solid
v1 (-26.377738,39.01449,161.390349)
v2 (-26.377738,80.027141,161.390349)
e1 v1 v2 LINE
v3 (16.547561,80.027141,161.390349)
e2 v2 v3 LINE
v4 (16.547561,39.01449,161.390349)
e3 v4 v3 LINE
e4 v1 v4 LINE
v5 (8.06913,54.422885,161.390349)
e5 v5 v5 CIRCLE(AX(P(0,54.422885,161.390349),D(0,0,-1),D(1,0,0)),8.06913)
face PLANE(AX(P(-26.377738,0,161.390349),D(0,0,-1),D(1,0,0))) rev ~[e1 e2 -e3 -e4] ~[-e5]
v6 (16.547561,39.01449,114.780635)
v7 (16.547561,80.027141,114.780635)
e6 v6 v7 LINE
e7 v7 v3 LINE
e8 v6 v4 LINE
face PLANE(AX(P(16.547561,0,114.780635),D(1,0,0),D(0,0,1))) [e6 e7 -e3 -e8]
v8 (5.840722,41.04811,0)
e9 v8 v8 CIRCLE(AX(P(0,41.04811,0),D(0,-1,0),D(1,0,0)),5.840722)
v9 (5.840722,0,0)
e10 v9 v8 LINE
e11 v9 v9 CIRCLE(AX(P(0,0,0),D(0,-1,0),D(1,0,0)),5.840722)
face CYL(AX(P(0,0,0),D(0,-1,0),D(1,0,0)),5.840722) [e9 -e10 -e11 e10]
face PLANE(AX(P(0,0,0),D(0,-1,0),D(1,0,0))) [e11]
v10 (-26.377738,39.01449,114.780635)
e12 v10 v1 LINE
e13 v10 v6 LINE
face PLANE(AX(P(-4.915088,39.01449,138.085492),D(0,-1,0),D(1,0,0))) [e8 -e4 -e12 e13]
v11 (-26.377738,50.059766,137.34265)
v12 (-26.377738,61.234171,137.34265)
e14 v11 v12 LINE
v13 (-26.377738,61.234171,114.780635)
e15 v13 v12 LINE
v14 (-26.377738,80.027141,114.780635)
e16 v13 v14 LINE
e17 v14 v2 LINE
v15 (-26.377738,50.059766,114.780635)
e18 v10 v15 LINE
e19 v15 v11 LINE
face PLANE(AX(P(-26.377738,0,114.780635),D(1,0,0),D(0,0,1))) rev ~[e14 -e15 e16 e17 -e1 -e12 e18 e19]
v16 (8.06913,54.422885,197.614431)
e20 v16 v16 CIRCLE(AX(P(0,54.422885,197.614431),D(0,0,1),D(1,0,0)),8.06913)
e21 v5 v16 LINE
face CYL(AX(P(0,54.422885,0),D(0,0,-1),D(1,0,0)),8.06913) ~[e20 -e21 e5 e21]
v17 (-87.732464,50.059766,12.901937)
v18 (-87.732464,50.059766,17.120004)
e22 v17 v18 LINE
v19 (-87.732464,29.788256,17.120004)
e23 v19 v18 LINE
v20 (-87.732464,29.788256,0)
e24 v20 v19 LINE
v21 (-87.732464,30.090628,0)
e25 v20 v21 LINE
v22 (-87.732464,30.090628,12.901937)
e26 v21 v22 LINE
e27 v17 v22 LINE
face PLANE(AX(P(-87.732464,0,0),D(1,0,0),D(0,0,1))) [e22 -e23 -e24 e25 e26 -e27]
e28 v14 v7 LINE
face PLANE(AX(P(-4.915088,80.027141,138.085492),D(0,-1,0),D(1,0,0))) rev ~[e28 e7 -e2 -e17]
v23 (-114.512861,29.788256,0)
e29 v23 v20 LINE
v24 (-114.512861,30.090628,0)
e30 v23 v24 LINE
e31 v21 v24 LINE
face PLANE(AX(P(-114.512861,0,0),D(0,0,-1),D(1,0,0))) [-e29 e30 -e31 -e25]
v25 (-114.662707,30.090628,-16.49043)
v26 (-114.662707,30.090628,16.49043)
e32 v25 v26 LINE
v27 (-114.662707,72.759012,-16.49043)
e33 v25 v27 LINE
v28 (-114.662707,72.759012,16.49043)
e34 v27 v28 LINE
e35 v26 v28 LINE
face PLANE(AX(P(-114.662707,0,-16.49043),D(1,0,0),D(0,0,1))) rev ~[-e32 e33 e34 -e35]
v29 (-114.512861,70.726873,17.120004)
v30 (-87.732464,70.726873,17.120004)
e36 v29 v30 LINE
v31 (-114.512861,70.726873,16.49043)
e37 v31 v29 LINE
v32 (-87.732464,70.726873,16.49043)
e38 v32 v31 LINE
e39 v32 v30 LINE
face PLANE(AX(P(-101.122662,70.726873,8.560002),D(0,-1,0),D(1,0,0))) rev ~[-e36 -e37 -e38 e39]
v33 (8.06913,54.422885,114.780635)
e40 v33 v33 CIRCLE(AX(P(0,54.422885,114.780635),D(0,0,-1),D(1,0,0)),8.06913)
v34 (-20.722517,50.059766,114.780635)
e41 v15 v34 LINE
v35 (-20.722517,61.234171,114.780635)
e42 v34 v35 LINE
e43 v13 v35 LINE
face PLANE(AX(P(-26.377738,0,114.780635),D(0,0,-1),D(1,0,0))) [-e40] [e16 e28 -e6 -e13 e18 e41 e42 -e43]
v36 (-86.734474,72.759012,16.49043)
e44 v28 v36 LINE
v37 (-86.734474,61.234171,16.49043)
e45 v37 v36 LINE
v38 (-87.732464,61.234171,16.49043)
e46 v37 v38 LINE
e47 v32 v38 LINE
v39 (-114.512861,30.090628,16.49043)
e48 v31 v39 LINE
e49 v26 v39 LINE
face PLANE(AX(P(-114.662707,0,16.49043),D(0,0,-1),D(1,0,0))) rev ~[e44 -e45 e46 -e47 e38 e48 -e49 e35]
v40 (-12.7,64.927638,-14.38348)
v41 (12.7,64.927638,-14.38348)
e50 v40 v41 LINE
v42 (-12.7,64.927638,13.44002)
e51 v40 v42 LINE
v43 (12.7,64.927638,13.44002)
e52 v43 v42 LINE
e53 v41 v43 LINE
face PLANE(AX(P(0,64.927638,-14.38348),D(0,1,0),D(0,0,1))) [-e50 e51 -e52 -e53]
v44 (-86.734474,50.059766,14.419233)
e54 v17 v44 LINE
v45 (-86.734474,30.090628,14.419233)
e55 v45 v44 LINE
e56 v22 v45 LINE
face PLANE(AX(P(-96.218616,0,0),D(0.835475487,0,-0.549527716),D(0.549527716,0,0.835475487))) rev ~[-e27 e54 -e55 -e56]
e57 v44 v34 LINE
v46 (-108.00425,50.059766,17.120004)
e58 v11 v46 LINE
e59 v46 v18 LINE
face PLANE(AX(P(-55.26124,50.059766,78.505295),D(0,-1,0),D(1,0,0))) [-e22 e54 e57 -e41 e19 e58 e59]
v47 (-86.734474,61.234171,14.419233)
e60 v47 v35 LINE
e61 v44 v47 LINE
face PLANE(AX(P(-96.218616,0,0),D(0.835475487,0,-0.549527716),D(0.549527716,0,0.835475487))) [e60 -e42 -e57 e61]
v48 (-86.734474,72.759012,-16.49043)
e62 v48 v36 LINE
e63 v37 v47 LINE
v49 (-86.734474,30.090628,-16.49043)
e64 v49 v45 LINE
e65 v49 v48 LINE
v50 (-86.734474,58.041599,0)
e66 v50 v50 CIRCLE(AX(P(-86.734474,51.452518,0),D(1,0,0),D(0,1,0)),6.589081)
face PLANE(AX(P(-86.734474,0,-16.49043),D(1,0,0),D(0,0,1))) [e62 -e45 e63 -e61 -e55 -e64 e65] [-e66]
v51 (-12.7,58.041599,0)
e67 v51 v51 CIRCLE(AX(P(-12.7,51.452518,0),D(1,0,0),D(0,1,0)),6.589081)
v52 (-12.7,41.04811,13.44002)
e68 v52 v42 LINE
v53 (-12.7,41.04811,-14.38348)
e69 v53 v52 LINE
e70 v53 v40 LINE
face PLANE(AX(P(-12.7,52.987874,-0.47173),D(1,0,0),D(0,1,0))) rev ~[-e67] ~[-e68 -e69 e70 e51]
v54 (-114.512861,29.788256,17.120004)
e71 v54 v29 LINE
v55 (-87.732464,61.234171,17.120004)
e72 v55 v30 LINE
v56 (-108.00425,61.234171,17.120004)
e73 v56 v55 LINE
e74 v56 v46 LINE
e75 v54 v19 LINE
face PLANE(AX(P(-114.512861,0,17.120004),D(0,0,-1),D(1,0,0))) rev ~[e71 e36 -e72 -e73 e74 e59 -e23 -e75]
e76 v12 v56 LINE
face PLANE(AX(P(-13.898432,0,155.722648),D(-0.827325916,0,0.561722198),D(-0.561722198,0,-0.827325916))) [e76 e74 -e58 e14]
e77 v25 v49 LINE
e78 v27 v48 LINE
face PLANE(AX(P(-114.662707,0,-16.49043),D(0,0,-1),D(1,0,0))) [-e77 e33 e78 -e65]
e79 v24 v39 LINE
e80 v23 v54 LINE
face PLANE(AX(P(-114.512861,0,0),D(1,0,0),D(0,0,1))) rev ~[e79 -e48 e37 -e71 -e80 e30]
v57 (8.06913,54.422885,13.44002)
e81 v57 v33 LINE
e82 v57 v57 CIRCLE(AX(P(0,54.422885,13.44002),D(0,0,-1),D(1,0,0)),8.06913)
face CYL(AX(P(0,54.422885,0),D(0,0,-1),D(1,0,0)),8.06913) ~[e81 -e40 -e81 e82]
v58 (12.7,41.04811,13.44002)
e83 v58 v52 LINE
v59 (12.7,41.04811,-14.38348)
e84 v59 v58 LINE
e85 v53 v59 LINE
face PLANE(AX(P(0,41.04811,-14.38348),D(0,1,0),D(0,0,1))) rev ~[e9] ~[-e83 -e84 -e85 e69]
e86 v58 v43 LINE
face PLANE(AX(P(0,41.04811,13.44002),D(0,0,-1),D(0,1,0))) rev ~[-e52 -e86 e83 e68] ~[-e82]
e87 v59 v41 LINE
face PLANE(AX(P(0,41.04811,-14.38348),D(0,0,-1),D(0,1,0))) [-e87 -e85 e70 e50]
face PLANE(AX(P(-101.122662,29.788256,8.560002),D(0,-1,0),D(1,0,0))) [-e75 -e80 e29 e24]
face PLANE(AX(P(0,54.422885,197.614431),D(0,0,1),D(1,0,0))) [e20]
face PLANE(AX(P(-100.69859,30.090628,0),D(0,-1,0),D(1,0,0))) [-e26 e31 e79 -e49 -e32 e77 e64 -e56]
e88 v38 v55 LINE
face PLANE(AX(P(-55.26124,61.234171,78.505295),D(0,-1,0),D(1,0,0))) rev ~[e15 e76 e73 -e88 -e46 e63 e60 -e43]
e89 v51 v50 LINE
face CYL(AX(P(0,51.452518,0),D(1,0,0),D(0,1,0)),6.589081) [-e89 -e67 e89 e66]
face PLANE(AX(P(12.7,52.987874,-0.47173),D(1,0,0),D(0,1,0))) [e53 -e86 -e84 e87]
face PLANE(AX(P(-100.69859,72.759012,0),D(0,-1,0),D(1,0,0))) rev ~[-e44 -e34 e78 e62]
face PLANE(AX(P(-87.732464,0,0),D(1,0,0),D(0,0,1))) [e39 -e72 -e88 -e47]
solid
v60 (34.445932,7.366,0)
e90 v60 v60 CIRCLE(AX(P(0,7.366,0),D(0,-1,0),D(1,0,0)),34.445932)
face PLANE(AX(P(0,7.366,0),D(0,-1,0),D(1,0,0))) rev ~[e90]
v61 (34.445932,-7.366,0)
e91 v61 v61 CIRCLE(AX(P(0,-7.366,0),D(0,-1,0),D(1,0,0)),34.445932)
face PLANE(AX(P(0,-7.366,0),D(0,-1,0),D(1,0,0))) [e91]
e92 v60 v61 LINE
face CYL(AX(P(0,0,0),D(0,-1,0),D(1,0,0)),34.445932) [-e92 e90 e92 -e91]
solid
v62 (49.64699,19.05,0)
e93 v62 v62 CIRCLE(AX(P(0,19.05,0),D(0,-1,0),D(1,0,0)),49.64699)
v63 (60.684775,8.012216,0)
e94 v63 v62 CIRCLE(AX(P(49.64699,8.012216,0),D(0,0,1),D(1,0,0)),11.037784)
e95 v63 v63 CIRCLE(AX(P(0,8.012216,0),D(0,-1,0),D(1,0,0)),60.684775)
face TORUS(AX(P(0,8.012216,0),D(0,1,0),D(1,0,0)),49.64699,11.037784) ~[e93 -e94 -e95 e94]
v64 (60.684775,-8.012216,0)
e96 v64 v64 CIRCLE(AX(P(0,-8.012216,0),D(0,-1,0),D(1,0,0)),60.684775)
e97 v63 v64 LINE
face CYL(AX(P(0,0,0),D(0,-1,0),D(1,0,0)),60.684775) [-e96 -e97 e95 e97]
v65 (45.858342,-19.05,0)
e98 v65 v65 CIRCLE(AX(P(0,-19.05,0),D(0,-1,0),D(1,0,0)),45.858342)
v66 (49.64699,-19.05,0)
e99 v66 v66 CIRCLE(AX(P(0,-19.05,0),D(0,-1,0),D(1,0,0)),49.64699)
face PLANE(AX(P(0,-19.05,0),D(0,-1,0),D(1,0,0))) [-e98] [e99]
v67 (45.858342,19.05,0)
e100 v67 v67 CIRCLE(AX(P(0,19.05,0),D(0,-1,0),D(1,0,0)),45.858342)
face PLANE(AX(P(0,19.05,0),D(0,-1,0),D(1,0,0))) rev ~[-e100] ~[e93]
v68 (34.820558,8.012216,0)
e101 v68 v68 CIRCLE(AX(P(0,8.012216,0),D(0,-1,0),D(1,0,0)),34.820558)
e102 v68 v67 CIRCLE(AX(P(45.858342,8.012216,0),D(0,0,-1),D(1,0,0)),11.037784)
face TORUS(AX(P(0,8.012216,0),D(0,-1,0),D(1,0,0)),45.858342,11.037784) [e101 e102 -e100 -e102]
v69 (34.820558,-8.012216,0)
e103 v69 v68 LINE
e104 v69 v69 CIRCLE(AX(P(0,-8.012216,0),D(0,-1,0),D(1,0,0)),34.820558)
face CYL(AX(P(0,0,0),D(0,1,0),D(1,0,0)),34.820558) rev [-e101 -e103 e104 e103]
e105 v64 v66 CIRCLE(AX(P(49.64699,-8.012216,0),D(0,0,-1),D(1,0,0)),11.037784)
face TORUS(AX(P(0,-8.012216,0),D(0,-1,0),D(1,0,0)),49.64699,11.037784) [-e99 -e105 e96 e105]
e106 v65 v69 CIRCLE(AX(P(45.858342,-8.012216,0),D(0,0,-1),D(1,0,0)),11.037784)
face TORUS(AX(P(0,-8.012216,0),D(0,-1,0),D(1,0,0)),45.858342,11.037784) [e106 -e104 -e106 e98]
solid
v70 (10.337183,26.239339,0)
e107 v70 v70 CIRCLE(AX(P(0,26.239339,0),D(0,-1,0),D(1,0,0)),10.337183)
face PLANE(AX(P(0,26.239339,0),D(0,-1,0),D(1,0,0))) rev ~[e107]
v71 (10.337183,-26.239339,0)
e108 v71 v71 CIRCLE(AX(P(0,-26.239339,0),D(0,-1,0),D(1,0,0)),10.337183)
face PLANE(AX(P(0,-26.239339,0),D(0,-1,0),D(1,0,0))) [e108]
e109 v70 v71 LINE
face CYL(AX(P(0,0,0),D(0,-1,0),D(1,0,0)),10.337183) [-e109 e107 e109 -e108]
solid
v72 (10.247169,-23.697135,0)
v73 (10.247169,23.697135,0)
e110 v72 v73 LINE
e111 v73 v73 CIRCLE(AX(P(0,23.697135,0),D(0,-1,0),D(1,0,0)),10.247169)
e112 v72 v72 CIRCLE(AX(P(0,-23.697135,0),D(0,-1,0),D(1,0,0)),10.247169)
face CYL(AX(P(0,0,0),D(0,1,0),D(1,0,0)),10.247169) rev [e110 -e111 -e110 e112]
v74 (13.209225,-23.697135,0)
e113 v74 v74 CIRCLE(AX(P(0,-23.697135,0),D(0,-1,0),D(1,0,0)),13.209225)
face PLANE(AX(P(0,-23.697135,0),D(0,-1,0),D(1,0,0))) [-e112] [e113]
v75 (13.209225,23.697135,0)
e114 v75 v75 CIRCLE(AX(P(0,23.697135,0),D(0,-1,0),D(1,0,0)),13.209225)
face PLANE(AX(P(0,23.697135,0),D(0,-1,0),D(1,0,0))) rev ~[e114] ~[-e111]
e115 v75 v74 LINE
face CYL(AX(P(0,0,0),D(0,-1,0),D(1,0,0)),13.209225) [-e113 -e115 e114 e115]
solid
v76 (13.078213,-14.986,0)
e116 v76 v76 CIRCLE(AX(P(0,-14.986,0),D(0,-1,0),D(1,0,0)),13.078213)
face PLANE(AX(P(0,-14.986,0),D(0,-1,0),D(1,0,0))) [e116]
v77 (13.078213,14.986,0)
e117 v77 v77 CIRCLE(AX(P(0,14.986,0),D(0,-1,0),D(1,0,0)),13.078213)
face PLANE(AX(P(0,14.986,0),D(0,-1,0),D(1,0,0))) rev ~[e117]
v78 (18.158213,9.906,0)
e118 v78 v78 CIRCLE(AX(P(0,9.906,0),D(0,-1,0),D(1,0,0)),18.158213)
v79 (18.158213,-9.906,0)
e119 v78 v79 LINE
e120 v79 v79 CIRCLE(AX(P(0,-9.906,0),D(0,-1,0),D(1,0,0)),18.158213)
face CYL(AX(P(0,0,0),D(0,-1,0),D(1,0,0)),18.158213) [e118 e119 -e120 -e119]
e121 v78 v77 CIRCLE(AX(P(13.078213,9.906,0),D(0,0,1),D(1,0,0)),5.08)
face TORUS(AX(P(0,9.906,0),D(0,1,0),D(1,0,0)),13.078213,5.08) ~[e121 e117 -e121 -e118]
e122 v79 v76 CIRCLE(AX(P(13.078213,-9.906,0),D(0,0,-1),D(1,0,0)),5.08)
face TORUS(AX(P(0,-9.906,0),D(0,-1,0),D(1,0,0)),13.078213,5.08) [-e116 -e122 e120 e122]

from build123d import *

# Parameters (mm, degrees)
F0_R      = 60.6847745937
F0_R_2    = 34.8205575528
F1_DEPTH  = 19.05
F2_R      = 34.4459317596
F3_DEPTH  = 7.366
F4_R      = 11.0377844072
F5_R      = 18.1582128769
F6_DEPTH  = 14.986
F7_R      = 5.08
F8_R      = 13.2092253016
F8_R_2    = 10.2471686056
F9_DEPTH  = 23.6971350387
F10_R     = 10.337182661
F11_DEPTH = 26.2393392622
F12_R     = 5.8407220921
F13_DEPTH = 50.7193282247
F14_W     = 23.8795280457
F14_H     = 27.8235003352
F15_DEPTH = 12.7
F16_R     = 8.0691295472
F17_DEPTH = 197.6144313812
F18_R     = 6.5890813313
F19_DEPTH = 106.8541686982
F20_W     = 27.9282331467
F20_H     = 32.9808592796
F21_DEPTH = 72.7590117604
F22_DEPTH = 30.0906281918
F24_DEPTH = 61.234170571
F25_DEPTH = 50.0597655773
F26_W     = 42.925298214
F26_H     = 46.6097146273
F27_DEPTH = 80.027140677
F28_DEPTH = 39.0144903213
F29_W     = 26.7803966999
F29_H     = 17.1200037003
F30_DEPTH = 70.7268733531
F31_DEPTH = 29.7882556915


with BuildPart() as f1:
    # F0 (on Front) → F1 (new body, symmetric)
    with BuildSketch(Plane.XZ):
        Circle(F0_R)
        Circle(F0_R_2, mode=Mode.SUBTRACT)
    extrude(amount=F1_DEPTH, both=True)

    # F4
    f4_edges = [f1.edges().sort_by_distance(p)[0] for p in [
        (-60.684775, 19.05, 0),
        (-34.820558, 19.05, 0),
        (-60.684775, -19.05, 0),
        (-34.820558, -19.05, 0),
    ]]
    fillet(f4_edges, radius=F4_R)


with BuildPart() as f3:
    # F2 (on Front) → F3 (new body, symmetric)
    with BuildSketch(Plane.XZ):
        Circle(F2_R)
    extrude(amount=F3_DEPTH, both=True)


with BuildPart() as f6:
    # F5 (on Front) → F6 (new body, symmetric)
    with BuildSketch(Plane.XZ):
        Circle(F5_R)
    extrude(amount=F6_DEPTH, both=True)

    # F7
    f7_edges = [f6.edges().sort_by_distance(p)[0] for p in [
        (-18.158213, -14.986, 0),
        (-18.158213, 14.986, 0),
    ]]
    fillet(f7_edges, radius=F7_R)


with BuildPart() as f9:
    # F8 (on Front) → F9 (new body, symmetric)
    with BuildSketch(Plane.XZ):
        Circle(F8_R)
        Circle(F8_R_2, mode=Mode.SUBTRACT)
    extrude(amount=F9_DEPTH, both=True)


with BuildPart() as f11:
    # F10 (on Front) → F11 (new body, symmetric)
    with BuildSketch(Plane.XZ):
        Circle(F10_R)
    extrude(amount=F11_DEPTH, both=True)


with BuildPart() as f13:
    # F12 (on Front) → F13 (new body)
    with BuildSketch(Plane.XZ):
        Circle(F12_R)
    extrude(amount=-F13_DEPTH)

    # F14 (on Right) → F15 (join, symmetric)
    with BuildSketch(Plane.YZ):
        with Locations((52.9878735542, -0.4717297852)):
            Rectangle(F14_W, F14_H)
    extrude(amount=F15_DEPTH, both=True)

    # F16 (on Top) → F17 (join)
    with BuildSketch(Plane.XY):
        with Locations((0, 54.4228851795)):
            Circle(F16_R)
    extrude(amount=F17_DEPTH)

    # F18 (on Right) → F19 (join)
    with BuildSketch(Plane.YZ):
        with Locations((51.4525175095, 0)):
            Circle(F18_R)
    extrude(amount=-F19_DEPTH)

    # F20 (on Front) → F21 (join)
    with BuildSketch(Plane.XZ):
        with Locations((-100.6985902786, 0)):
            Rectangle(F20_W, F20_H)
    extrude(amount=-F21_DEPTH)

    # F22 (cut): a face of the model
    f22_faces = [f13.faces().sort_by_distance(p)[0] for p in [
        (-100.6985902786, 0, 0),
    ]]
    extrude(f22_faces, amount=-F22_DEPTH, mode=Mode.SUBTRACT)

    # F23 (on Front) → F24 (join)
    with BuildSketch(Plane.XZ):
        Polygon((-13.8984322548, 155.7226479053), (-109.7017526627, 14.6198570728), (-96.2186157703, 0), (0, 146.2861516418), align=None)
    extrude(amount=-F24_DEPTH)

    # F25 (cut): a face of the model
    f25_faces = [f13.faces().sort_by_distance(p)[0] for p in [
        (-56.0493414222, 0, 77.4529436988),
    ]]
    extrude(f25_faces, amount=-F25_DEPTH, mode=Mode.SUBTRACT)

    # F26 (on Front) → F27 (join)
    with BuildSketch(Plane.XZ):
        with Locations((-4.9150884151, 138.0854919553)):
            Rectangle(F26_W, F26_H)
    extrude(amount=-F27_DEPTH)

    # F28 (cut): a face of the model
    f28_faces = [f13.faces().sort_by_distance(p)[0] for p in [
        (-4.9150884151, 0, 138.0854919553),
    ]]
    extrude(f28_faces, amount=-F28_DEPTH, mode=Mode.SUBTRACT)

    # F29 (on Front) → F30 (join)
    with BuildSketch(Plane.XZ):
        with Locations((-101.122662425, 8.5600018501)):
            Rectangle(F29_W, F29_H)
    extrude(amount=-F30_DEPTH)

    # F31 (cut): a face of the model
    f31_faces = [f13.faces().sort_by_distance(p)[0] for p in [
        (-101.122662425, 0, 8.5600018501),
    ]]
    extrude(f31_faces, amount=-F31_DEPTH, mode=Mode.SUBTRACT)


solid = Compound([f1.part, f3.part, f6.part, f9.part, f11.part, f13.part])
